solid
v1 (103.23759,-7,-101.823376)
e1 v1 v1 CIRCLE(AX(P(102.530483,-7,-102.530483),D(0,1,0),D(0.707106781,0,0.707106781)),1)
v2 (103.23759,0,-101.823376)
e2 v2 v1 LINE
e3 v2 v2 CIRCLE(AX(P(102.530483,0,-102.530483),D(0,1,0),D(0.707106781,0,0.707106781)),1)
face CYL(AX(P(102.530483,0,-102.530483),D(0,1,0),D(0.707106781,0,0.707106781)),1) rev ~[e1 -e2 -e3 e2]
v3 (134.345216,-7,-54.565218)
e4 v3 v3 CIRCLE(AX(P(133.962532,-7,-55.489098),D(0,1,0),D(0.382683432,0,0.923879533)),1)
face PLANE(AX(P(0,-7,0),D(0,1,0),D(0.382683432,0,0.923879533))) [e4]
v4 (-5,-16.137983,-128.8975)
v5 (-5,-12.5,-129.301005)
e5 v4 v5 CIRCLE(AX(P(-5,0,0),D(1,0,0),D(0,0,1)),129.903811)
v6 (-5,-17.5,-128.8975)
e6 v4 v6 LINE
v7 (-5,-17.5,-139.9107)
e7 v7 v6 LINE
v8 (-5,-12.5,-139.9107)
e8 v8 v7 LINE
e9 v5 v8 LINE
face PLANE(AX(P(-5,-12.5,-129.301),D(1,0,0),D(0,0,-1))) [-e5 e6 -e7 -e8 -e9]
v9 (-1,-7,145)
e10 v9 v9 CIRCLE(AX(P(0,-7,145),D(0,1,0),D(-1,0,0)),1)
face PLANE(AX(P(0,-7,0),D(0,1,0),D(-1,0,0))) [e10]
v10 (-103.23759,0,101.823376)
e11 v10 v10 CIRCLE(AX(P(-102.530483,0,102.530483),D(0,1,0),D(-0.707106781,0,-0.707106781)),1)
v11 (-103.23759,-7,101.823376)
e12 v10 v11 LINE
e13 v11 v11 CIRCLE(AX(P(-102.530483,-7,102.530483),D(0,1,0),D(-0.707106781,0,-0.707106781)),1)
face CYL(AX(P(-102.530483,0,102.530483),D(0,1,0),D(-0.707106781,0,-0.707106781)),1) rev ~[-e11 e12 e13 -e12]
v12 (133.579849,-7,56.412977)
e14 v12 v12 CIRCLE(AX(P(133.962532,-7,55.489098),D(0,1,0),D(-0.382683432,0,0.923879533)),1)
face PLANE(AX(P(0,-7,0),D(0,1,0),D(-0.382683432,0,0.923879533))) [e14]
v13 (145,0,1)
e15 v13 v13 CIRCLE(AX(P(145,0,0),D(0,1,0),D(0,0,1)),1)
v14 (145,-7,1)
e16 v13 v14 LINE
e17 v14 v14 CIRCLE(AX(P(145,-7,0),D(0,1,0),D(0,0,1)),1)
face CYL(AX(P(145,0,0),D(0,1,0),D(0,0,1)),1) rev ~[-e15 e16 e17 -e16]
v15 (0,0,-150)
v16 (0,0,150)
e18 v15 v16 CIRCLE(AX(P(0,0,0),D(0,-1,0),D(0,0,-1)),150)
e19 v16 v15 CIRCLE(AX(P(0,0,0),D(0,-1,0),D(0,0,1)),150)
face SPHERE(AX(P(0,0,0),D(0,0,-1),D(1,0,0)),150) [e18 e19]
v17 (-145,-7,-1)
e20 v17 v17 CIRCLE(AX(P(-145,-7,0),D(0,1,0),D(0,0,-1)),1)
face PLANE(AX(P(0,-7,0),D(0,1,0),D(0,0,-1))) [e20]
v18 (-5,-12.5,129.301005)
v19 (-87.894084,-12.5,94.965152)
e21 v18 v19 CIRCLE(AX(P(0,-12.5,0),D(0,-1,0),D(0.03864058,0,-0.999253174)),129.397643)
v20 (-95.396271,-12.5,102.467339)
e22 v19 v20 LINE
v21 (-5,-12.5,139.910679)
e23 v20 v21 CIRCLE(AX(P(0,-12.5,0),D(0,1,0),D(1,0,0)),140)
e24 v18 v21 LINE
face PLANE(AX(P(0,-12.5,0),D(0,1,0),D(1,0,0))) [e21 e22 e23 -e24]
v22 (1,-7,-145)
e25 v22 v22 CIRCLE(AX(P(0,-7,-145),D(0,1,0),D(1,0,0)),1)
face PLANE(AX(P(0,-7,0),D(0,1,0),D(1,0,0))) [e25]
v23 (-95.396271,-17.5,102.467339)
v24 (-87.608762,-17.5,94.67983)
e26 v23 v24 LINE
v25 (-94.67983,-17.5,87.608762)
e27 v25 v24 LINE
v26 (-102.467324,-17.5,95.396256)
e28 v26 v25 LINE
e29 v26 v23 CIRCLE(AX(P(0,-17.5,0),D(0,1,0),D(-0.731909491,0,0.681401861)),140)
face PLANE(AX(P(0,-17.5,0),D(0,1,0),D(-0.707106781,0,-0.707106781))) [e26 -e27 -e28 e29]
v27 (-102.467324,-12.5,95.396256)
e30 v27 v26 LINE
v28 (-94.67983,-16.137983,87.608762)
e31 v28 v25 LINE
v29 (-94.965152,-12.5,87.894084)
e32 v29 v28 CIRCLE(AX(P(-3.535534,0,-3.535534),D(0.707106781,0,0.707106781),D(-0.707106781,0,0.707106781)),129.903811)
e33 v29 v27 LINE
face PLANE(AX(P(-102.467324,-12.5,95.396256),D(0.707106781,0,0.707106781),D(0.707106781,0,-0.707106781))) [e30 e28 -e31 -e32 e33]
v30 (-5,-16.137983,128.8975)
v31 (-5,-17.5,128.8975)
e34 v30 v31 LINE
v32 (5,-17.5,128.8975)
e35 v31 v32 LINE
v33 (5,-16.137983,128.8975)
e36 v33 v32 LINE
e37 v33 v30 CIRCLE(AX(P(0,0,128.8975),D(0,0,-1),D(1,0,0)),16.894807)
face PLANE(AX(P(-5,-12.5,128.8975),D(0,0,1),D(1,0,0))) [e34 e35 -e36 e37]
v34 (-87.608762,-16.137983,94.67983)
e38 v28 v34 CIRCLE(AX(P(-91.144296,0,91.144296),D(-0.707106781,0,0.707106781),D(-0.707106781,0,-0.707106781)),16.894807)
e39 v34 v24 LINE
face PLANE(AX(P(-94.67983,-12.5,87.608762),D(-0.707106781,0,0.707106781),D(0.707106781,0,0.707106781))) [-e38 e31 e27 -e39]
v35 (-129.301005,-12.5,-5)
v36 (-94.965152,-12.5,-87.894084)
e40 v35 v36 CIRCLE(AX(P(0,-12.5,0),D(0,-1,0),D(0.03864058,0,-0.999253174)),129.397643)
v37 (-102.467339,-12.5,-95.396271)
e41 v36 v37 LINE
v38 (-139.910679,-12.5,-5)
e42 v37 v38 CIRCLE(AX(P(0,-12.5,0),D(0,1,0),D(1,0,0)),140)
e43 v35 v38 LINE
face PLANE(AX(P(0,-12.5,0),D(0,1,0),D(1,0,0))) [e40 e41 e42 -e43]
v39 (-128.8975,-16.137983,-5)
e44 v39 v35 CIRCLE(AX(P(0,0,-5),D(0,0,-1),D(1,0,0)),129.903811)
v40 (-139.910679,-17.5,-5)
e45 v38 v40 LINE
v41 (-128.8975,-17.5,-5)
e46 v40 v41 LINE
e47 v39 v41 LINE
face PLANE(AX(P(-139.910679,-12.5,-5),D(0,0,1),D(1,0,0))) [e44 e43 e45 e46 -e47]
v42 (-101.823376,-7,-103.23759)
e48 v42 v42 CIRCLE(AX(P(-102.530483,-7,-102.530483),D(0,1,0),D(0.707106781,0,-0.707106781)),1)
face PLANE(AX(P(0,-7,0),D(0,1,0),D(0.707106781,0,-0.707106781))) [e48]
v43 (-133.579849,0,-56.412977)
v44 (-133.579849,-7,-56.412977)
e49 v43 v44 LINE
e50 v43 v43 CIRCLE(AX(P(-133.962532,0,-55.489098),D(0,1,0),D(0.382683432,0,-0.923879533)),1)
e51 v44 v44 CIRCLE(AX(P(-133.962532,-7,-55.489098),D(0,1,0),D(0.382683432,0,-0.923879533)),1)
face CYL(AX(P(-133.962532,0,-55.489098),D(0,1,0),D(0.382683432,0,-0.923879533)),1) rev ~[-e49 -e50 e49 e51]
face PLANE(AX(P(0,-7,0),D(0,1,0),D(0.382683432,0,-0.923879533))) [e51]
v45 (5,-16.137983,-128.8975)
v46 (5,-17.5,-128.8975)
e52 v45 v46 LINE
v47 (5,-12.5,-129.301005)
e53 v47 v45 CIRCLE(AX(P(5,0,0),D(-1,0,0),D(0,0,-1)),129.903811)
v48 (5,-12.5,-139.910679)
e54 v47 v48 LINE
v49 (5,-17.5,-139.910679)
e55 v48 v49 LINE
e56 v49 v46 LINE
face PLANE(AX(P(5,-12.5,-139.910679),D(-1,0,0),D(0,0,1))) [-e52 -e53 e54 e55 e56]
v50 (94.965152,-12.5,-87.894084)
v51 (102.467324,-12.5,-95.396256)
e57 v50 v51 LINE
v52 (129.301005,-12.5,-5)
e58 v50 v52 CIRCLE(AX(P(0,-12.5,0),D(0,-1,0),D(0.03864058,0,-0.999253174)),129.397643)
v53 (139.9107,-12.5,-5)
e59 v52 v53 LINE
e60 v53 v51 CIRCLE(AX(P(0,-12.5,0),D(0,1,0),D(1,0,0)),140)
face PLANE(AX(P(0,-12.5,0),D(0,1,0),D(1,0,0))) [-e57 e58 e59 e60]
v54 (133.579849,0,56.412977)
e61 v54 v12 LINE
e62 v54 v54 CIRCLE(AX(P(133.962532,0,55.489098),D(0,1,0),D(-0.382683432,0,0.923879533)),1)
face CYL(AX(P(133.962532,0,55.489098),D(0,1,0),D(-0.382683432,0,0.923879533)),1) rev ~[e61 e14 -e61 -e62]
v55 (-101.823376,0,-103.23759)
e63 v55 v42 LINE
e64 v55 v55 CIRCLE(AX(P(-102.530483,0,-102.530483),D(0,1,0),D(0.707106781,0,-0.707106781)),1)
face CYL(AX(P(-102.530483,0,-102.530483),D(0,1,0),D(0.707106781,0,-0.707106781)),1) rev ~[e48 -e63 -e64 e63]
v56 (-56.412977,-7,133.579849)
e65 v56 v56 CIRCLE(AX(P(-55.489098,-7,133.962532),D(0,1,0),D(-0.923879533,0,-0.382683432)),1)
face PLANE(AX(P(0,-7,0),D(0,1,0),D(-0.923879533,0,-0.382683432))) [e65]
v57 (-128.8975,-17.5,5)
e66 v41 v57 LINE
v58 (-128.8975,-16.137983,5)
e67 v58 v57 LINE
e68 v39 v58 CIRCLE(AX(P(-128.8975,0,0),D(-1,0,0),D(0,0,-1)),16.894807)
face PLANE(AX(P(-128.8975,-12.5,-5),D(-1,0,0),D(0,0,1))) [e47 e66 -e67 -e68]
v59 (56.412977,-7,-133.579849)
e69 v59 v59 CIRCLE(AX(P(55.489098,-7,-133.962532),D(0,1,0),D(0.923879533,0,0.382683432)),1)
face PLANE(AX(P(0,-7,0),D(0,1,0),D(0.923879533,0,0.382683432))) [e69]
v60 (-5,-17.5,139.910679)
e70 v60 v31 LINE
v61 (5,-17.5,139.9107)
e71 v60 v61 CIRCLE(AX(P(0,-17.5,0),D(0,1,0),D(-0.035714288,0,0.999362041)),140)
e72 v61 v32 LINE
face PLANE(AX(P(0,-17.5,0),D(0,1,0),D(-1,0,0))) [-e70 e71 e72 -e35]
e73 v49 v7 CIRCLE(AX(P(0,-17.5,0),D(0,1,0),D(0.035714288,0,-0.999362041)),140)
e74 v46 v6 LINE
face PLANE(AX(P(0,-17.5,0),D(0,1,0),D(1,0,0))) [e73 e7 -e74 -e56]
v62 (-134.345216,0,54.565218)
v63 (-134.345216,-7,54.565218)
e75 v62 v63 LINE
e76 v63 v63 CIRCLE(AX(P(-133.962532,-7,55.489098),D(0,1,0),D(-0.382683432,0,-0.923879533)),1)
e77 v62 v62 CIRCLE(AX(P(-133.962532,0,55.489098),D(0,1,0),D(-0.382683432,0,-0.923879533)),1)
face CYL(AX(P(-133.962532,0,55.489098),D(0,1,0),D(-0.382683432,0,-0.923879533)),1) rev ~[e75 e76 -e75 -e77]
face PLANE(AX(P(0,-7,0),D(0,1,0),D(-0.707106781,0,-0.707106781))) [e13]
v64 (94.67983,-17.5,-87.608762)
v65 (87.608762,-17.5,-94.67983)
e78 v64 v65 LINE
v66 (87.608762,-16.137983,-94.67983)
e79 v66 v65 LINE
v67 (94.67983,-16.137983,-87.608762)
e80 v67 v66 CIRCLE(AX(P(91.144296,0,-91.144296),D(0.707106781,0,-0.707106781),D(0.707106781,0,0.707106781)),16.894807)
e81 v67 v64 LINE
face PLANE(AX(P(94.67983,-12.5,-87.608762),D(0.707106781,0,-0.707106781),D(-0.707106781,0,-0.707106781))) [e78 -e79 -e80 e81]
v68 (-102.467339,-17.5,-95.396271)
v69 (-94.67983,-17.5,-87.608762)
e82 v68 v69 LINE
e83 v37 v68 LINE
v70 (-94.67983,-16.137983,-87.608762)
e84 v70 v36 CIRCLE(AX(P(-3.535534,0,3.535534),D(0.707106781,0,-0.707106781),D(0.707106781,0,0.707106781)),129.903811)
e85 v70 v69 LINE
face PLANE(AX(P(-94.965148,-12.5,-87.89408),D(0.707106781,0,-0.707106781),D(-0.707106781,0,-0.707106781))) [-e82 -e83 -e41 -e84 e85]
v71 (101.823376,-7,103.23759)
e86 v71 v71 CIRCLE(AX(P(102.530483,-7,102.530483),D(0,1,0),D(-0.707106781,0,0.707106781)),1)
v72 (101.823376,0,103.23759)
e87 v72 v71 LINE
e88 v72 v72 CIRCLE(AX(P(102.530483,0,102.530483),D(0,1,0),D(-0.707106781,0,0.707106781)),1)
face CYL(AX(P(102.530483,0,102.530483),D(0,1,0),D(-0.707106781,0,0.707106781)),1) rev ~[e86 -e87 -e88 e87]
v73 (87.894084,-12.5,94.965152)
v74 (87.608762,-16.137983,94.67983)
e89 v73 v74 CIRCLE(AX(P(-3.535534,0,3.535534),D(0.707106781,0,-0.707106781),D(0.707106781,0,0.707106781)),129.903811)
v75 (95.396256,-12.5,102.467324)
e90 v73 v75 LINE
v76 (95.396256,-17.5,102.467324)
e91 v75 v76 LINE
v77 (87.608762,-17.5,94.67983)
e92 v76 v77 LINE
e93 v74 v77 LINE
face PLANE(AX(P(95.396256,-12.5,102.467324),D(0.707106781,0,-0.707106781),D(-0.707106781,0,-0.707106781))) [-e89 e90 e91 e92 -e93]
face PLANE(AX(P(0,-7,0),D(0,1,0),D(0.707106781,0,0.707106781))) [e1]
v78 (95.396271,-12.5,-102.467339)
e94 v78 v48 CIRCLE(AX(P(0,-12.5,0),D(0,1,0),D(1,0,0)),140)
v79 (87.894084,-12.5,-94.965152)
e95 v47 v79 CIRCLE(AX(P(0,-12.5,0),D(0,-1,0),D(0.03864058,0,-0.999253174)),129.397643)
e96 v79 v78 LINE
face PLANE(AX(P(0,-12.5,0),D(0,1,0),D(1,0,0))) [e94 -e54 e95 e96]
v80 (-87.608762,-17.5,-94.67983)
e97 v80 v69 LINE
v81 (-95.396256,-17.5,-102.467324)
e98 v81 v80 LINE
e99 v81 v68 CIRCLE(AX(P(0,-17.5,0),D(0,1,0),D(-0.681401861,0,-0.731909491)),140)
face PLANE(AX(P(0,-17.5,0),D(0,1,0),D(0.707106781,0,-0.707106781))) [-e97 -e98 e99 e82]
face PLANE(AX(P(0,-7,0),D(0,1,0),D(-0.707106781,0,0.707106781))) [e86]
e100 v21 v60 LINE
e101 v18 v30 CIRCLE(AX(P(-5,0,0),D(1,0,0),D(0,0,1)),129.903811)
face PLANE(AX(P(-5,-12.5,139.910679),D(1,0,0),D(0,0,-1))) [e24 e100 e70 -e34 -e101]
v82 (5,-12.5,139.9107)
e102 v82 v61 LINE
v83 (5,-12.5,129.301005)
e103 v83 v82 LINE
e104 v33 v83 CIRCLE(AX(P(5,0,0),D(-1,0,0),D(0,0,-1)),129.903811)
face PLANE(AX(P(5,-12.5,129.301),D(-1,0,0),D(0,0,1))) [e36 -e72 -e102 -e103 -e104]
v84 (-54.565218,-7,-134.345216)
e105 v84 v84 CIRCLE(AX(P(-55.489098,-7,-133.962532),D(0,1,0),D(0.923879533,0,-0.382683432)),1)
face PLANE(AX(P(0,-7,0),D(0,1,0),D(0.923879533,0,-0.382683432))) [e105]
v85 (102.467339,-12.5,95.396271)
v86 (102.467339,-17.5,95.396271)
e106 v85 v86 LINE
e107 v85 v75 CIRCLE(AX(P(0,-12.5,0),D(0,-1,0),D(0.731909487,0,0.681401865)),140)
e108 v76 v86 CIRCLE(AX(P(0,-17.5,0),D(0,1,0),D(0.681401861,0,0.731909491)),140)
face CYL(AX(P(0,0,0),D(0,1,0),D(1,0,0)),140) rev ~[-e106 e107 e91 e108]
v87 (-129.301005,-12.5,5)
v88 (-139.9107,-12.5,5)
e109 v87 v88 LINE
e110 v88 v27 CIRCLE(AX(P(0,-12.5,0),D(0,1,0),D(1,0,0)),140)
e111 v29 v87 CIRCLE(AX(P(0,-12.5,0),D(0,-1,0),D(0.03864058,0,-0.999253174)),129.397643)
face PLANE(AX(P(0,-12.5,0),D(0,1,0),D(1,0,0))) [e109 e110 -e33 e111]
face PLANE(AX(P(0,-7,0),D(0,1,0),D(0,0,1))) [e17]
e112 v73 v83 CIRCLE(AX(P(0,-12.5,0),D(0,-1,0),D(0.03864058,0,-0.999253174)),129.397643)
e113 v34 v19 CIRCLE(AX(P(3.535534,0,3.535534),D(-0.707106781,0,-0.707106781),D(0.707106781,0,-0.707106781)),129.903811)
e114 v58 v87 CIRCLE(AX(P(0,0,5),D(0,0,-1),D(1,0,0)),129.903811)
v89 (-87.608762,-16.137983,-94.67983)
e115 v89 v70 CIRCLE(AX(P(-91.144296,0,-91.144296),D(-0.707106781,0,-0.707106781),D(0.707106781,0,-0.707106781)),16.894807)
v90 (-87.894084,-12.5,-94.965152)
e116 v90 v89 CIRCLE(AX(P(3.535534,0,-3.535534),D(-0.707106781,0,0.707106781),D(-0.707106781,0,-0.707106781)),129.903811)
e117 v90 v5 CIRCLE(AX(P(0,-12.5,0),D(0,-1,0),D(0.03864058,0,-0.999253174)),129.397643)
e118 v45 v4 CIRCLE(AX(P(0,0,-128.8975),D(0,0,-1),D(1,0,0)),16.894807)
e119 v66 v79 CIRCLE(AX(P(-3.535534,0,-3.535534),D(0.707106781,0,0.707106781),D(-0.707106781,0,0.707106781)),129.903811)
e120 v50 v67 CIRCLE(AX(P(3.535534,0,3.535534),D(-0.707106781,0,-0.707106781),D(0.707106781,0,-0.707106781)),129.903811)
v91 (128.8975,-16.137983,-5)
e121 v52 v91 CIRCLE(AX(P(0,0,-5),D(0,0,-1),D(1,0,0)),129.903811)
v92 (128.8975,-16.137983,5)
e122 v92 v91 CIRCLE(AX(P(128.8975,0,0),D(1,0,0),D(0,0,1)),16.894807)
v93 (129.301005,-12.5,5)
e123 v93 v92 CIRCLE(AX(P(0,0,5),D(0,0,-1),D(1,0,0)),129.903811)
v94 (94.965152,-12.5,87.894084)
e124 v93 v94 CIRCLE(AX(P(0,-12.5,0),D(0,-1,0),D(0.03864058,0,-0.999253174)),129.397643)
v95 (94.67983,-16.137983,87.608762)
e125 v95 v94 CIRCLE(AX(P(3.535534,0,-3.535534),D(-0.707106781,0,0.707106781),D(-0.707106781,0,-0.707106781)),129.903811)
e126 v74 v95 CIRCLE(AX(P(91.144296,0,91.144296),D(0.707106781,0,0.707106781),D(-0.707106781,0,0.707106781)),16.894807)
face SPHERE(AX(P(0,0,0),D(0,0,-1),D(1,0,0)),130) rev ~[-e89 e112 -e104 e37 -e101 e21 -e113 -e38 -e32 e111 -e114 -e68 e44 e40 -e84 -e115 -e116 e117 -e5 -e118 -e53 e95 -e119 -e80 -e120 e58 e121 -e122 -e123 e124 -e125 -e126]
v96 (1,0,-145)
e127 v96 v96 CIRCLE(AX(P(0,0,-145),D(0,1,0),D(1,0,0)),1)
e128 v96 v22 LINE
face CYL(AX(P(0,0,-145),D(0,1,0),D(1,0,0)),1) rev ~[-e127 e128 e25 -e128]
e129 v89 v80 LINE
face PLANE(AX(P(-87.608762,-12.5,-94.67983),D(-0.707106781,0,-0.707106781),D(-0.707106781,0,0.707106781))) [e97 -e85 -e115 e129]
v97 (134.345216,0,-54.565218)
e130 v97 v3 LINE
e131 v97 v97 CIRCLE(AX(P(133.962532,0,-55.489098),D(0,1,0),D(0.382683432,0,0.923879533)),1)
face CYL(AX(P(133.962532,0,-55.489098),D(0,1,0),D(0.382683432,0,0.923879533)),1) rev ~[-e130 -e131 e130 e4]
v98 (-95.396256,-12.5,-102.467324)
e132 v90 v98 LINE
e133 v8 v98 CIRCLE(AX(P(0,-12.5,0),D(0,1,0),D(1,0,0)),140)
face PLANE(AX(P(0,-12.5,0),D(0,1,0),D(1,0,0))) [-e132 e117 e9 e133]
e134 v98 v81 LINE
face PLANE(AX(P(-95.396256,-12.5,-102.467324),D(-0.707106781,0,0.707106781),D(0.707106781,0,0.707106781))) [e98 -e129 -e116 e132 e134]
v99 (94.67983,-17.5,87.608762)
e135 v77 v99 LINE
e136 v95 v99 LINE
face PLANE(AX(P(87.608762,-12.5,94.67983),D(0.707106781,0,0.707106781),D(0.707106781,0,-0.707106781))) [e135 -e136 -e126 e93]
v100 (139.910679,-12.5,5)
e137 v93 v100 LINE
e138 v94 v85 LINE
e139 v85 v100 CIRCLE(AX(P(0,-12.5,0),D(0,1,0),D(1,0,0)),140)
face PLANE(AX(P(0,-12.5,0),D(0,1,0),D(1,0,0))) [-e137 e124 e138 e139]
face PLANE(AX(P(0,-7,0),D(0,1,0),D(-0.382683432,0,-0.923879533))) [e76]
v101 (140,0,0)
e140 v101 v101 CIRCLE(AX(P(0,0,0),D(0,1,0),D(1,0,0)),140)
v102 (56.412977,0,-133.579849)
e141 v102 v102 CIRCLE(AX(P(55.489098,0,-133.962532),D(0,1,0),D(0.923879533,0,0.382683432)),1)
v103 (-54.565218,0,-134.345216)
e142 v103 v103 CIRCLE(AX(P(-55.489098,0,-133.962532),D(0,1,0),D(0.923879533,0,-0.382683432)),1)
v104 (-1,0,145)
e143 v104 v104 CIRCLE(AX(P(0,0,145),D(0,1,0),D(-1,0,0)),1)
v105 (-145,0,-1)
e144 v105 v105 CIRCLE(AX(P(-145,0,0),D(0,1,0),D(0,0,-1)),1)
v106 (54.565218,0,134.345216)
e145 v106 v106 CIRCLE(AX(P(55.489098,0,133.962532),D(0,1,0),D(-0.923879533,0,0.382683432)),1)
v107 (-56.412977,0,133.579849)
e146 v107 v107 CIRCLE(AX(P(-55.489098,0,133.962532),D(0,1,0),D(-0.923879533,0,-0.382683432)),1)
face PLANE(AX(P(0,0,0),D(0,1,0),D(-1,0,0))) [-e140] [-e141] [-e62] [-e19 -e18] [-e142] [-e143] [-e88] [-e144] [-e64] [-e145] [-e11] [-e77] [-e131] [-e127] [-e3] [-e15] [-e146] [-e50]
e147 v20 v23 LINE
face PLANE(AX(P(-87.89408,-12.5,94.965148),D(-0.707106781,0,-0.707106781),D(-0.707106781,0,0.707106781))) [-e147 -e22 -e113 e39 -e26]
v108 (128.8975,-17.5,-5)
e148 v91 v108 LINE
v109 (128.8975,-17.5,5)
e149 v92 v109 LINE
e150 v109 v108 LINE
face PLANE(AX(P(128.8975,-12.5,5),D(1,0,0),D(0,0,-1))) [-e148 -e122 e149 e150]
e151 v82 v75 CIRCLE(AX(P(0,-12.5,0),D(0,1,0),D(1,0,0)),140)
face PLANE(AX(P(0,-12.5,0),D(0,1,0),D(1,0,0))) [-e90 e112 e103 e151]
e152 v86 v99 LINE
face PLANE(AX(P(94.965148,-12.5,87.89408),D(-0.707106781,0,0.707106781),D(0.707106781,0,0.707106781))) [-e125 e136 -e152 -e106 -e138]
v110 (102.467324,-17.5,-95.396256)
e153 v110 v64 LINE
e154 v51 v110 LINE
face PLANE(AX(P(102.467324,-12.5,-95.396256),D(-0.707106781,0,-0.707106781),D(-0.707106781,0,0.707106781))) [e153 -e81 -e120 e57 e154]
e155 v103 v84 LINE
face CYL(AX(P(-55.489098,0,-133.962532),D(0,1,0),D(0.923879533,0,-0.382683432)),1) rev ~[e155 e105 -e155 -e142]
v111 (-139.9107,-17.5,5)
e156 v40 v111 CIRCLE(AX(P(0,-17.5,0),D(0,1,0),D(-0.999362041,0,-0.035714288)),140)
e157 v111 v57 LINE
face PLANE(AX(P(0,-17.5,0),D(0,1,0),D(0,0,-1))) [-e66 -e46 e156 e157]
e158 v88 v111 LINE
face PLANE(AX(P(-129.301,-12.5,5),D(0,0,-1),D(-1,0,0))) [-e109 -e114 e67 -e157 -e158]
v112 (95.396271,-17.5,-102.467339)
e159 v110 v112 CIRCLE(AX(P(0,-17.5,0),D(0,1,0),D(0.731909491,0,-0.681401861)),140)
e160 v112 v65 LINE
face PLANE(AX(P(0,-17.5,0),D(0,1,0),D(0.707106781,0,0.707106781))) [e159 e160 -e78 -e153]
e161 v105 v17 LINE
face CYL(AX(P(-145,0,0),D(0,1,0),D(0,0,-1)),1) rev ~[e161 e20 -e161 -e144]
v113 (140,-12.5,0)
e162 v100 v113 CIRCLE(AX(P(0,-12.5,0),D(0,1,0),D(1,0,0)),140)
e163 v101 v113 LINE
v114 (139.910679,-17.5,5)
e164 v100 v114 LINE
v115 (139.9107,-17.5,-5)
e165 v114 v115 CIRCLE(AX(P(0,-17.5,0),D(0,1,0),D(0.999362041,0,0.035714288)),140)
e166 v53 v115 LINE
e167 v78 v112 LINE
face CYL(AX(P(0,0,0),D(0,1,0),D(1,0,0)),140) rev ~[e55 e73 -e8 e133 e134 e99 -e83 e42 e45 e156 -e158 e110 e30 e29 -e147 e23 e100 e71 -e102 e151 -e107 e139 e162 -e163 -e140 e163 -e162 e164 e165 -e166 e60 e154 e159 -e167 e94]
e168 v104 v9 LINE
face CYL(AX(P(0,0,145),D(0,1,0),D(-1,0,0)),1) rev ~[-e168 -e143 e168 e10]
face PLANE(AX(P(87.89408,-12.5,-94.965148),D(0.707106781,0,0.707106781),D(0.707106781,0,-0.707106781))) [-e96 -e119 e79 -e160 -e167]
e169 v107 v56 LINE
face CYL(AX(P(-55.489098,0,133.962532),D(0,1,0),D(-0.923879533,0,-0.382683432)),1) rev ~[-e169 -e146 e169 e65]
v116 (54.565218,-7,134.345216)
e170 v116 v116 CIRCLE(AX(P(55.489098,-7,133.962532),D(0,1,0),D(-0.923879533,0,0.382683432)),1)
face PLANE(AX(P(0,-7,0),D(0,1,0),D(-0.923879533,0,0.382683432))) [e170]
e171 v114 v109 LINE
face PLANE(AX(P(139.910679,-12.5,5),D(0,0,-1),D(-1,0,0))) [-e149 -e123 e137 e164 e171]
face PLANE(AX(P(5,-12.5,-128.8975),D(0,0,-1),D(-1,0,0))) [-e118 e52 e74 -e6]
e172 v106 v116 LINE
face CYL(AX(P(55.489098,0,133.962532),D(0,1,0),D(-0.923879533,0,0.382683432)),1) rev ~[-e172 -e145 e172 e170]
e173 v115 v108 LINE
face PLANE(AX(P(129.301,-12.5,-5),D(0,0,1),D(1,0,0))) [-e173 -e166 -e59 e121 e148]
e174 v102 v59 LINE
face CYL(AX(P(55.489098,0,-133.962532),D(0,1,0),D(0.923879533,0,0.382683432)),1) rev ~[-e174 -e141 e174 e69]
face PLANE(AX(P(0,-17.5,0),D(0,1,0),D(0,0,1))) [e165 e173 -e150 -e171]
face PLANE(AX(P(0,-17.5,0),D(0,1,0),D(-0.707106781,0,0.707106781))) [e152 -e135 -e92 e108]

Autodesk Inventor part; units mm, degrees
ref_plane "YZ Plane" through (0, 0, 0) normal (1, 0, 0) x (0, 1, 0)
ref_plane "XZ Plane" through (0, 0, 0) normal (0, 1, 0) x (-1, 0, 0)
ref_plane "XY Plane" through (0, 0, 0) normal (0, 0, 1) x (1, 0, 0)
sketch "Sketch1" plane through (0, 0, 0) normal (0, 1, 0) x (-1, 0, 0)
  arc A0 (0, 150) -> (0, -150) centre (0, 0) ccw
  arc A1 (0, 130) -> (0, -130) centre (0, 0) ccw
  line L0 (0, -150) -> (0, 150)
  line L1 (150, 0) -> (-150, 0)
  circle A2 centre (0, 0) radius 141
  dimension "d0" = 300
  dimension "d1" = 260
  dimension "d9" = 282
revolve "Revolution1" add sketch "Sketch1" angle 180 about axis through (0, 0, -150) along (0, 0, -1) contours L0 A2 L1 A0 | L1 A2 L0 A0 | L0 A1 L1 A2 | L1 A1 L0 A2
sketch "Sketch6" plane through (0, 0, 0) normal (0, 1, 0) x (1, 0, 0)
  circle A0 centre (0, 0) radius 140
  circle A1 centre (0, 0) radius 128.5
  dimension "d19" = 280
  dimension "d20" = 257
extrude "Extrusion3" cut sketch "Sketch6" against normal blind 12.5
sketch "Sketch7" plane through (0, -12.5, 0) normal (0, 1, 0) x (1, 0, 0)
  line L0 (-5, 140.4975) -> (5, 140.4975)
  line L1 (5, 140.4975) -> (5, 128.8975)
  line L2 (5, 128.8975) -> (-5, 128.8975)
  line L3 (-5, 128.8975) -> (-5, 140.4975)
  circle A0 centre (0, 0) radius 129.3976 projected
  arc A1 (-5, 129.301) -> (0, 129.3976) centre (0, 0) ccw
  circle A2 centre (0, 0) radius 140 projected
  arc A3 (-5, 139.9107) -> (0, 140) centre (0, 0) ccw
  point P0 (5, 139.9107)
  point P1 (5, 129.301)
  dimension "d23" = 10
  dimension "d24" = 11.6
  dimension "d25" = 5
  dimension "d26" = 128.8975
extrude "Extrusion4" cut sketch "Sketch7" against normal blind 5 contours A2 L1 A0 L3 | A0 L1 L2 L3 picked at (4.4446, 132.8554) picked at (0, 129.0642)
pattern_circular "Circular Pattern1" count 8 over 360 about axis through (0, -10, 0) along (0, 1, 0) of "Extrusion4"
sketch "Sketch8" plane through (0, 0, 0) normal (0, 1, 0) x (1, 0, 0)
  circle A0 centre (0, 145) radius 1
  circle A1 centre (0, 0) radius 150 projected
  dimension "d32" = 2
  dimension "d33" = 145
extrude "Extrusion5" cut sketch "Sketch8" against normal blind 7 contours A0
pattern_circular "Circular Pattern2" count 16 over 360 about axis through (0, -10, 0) along (0, 1, 0) of "Extrusion5"
properties part number "Bol" material "Glass"
